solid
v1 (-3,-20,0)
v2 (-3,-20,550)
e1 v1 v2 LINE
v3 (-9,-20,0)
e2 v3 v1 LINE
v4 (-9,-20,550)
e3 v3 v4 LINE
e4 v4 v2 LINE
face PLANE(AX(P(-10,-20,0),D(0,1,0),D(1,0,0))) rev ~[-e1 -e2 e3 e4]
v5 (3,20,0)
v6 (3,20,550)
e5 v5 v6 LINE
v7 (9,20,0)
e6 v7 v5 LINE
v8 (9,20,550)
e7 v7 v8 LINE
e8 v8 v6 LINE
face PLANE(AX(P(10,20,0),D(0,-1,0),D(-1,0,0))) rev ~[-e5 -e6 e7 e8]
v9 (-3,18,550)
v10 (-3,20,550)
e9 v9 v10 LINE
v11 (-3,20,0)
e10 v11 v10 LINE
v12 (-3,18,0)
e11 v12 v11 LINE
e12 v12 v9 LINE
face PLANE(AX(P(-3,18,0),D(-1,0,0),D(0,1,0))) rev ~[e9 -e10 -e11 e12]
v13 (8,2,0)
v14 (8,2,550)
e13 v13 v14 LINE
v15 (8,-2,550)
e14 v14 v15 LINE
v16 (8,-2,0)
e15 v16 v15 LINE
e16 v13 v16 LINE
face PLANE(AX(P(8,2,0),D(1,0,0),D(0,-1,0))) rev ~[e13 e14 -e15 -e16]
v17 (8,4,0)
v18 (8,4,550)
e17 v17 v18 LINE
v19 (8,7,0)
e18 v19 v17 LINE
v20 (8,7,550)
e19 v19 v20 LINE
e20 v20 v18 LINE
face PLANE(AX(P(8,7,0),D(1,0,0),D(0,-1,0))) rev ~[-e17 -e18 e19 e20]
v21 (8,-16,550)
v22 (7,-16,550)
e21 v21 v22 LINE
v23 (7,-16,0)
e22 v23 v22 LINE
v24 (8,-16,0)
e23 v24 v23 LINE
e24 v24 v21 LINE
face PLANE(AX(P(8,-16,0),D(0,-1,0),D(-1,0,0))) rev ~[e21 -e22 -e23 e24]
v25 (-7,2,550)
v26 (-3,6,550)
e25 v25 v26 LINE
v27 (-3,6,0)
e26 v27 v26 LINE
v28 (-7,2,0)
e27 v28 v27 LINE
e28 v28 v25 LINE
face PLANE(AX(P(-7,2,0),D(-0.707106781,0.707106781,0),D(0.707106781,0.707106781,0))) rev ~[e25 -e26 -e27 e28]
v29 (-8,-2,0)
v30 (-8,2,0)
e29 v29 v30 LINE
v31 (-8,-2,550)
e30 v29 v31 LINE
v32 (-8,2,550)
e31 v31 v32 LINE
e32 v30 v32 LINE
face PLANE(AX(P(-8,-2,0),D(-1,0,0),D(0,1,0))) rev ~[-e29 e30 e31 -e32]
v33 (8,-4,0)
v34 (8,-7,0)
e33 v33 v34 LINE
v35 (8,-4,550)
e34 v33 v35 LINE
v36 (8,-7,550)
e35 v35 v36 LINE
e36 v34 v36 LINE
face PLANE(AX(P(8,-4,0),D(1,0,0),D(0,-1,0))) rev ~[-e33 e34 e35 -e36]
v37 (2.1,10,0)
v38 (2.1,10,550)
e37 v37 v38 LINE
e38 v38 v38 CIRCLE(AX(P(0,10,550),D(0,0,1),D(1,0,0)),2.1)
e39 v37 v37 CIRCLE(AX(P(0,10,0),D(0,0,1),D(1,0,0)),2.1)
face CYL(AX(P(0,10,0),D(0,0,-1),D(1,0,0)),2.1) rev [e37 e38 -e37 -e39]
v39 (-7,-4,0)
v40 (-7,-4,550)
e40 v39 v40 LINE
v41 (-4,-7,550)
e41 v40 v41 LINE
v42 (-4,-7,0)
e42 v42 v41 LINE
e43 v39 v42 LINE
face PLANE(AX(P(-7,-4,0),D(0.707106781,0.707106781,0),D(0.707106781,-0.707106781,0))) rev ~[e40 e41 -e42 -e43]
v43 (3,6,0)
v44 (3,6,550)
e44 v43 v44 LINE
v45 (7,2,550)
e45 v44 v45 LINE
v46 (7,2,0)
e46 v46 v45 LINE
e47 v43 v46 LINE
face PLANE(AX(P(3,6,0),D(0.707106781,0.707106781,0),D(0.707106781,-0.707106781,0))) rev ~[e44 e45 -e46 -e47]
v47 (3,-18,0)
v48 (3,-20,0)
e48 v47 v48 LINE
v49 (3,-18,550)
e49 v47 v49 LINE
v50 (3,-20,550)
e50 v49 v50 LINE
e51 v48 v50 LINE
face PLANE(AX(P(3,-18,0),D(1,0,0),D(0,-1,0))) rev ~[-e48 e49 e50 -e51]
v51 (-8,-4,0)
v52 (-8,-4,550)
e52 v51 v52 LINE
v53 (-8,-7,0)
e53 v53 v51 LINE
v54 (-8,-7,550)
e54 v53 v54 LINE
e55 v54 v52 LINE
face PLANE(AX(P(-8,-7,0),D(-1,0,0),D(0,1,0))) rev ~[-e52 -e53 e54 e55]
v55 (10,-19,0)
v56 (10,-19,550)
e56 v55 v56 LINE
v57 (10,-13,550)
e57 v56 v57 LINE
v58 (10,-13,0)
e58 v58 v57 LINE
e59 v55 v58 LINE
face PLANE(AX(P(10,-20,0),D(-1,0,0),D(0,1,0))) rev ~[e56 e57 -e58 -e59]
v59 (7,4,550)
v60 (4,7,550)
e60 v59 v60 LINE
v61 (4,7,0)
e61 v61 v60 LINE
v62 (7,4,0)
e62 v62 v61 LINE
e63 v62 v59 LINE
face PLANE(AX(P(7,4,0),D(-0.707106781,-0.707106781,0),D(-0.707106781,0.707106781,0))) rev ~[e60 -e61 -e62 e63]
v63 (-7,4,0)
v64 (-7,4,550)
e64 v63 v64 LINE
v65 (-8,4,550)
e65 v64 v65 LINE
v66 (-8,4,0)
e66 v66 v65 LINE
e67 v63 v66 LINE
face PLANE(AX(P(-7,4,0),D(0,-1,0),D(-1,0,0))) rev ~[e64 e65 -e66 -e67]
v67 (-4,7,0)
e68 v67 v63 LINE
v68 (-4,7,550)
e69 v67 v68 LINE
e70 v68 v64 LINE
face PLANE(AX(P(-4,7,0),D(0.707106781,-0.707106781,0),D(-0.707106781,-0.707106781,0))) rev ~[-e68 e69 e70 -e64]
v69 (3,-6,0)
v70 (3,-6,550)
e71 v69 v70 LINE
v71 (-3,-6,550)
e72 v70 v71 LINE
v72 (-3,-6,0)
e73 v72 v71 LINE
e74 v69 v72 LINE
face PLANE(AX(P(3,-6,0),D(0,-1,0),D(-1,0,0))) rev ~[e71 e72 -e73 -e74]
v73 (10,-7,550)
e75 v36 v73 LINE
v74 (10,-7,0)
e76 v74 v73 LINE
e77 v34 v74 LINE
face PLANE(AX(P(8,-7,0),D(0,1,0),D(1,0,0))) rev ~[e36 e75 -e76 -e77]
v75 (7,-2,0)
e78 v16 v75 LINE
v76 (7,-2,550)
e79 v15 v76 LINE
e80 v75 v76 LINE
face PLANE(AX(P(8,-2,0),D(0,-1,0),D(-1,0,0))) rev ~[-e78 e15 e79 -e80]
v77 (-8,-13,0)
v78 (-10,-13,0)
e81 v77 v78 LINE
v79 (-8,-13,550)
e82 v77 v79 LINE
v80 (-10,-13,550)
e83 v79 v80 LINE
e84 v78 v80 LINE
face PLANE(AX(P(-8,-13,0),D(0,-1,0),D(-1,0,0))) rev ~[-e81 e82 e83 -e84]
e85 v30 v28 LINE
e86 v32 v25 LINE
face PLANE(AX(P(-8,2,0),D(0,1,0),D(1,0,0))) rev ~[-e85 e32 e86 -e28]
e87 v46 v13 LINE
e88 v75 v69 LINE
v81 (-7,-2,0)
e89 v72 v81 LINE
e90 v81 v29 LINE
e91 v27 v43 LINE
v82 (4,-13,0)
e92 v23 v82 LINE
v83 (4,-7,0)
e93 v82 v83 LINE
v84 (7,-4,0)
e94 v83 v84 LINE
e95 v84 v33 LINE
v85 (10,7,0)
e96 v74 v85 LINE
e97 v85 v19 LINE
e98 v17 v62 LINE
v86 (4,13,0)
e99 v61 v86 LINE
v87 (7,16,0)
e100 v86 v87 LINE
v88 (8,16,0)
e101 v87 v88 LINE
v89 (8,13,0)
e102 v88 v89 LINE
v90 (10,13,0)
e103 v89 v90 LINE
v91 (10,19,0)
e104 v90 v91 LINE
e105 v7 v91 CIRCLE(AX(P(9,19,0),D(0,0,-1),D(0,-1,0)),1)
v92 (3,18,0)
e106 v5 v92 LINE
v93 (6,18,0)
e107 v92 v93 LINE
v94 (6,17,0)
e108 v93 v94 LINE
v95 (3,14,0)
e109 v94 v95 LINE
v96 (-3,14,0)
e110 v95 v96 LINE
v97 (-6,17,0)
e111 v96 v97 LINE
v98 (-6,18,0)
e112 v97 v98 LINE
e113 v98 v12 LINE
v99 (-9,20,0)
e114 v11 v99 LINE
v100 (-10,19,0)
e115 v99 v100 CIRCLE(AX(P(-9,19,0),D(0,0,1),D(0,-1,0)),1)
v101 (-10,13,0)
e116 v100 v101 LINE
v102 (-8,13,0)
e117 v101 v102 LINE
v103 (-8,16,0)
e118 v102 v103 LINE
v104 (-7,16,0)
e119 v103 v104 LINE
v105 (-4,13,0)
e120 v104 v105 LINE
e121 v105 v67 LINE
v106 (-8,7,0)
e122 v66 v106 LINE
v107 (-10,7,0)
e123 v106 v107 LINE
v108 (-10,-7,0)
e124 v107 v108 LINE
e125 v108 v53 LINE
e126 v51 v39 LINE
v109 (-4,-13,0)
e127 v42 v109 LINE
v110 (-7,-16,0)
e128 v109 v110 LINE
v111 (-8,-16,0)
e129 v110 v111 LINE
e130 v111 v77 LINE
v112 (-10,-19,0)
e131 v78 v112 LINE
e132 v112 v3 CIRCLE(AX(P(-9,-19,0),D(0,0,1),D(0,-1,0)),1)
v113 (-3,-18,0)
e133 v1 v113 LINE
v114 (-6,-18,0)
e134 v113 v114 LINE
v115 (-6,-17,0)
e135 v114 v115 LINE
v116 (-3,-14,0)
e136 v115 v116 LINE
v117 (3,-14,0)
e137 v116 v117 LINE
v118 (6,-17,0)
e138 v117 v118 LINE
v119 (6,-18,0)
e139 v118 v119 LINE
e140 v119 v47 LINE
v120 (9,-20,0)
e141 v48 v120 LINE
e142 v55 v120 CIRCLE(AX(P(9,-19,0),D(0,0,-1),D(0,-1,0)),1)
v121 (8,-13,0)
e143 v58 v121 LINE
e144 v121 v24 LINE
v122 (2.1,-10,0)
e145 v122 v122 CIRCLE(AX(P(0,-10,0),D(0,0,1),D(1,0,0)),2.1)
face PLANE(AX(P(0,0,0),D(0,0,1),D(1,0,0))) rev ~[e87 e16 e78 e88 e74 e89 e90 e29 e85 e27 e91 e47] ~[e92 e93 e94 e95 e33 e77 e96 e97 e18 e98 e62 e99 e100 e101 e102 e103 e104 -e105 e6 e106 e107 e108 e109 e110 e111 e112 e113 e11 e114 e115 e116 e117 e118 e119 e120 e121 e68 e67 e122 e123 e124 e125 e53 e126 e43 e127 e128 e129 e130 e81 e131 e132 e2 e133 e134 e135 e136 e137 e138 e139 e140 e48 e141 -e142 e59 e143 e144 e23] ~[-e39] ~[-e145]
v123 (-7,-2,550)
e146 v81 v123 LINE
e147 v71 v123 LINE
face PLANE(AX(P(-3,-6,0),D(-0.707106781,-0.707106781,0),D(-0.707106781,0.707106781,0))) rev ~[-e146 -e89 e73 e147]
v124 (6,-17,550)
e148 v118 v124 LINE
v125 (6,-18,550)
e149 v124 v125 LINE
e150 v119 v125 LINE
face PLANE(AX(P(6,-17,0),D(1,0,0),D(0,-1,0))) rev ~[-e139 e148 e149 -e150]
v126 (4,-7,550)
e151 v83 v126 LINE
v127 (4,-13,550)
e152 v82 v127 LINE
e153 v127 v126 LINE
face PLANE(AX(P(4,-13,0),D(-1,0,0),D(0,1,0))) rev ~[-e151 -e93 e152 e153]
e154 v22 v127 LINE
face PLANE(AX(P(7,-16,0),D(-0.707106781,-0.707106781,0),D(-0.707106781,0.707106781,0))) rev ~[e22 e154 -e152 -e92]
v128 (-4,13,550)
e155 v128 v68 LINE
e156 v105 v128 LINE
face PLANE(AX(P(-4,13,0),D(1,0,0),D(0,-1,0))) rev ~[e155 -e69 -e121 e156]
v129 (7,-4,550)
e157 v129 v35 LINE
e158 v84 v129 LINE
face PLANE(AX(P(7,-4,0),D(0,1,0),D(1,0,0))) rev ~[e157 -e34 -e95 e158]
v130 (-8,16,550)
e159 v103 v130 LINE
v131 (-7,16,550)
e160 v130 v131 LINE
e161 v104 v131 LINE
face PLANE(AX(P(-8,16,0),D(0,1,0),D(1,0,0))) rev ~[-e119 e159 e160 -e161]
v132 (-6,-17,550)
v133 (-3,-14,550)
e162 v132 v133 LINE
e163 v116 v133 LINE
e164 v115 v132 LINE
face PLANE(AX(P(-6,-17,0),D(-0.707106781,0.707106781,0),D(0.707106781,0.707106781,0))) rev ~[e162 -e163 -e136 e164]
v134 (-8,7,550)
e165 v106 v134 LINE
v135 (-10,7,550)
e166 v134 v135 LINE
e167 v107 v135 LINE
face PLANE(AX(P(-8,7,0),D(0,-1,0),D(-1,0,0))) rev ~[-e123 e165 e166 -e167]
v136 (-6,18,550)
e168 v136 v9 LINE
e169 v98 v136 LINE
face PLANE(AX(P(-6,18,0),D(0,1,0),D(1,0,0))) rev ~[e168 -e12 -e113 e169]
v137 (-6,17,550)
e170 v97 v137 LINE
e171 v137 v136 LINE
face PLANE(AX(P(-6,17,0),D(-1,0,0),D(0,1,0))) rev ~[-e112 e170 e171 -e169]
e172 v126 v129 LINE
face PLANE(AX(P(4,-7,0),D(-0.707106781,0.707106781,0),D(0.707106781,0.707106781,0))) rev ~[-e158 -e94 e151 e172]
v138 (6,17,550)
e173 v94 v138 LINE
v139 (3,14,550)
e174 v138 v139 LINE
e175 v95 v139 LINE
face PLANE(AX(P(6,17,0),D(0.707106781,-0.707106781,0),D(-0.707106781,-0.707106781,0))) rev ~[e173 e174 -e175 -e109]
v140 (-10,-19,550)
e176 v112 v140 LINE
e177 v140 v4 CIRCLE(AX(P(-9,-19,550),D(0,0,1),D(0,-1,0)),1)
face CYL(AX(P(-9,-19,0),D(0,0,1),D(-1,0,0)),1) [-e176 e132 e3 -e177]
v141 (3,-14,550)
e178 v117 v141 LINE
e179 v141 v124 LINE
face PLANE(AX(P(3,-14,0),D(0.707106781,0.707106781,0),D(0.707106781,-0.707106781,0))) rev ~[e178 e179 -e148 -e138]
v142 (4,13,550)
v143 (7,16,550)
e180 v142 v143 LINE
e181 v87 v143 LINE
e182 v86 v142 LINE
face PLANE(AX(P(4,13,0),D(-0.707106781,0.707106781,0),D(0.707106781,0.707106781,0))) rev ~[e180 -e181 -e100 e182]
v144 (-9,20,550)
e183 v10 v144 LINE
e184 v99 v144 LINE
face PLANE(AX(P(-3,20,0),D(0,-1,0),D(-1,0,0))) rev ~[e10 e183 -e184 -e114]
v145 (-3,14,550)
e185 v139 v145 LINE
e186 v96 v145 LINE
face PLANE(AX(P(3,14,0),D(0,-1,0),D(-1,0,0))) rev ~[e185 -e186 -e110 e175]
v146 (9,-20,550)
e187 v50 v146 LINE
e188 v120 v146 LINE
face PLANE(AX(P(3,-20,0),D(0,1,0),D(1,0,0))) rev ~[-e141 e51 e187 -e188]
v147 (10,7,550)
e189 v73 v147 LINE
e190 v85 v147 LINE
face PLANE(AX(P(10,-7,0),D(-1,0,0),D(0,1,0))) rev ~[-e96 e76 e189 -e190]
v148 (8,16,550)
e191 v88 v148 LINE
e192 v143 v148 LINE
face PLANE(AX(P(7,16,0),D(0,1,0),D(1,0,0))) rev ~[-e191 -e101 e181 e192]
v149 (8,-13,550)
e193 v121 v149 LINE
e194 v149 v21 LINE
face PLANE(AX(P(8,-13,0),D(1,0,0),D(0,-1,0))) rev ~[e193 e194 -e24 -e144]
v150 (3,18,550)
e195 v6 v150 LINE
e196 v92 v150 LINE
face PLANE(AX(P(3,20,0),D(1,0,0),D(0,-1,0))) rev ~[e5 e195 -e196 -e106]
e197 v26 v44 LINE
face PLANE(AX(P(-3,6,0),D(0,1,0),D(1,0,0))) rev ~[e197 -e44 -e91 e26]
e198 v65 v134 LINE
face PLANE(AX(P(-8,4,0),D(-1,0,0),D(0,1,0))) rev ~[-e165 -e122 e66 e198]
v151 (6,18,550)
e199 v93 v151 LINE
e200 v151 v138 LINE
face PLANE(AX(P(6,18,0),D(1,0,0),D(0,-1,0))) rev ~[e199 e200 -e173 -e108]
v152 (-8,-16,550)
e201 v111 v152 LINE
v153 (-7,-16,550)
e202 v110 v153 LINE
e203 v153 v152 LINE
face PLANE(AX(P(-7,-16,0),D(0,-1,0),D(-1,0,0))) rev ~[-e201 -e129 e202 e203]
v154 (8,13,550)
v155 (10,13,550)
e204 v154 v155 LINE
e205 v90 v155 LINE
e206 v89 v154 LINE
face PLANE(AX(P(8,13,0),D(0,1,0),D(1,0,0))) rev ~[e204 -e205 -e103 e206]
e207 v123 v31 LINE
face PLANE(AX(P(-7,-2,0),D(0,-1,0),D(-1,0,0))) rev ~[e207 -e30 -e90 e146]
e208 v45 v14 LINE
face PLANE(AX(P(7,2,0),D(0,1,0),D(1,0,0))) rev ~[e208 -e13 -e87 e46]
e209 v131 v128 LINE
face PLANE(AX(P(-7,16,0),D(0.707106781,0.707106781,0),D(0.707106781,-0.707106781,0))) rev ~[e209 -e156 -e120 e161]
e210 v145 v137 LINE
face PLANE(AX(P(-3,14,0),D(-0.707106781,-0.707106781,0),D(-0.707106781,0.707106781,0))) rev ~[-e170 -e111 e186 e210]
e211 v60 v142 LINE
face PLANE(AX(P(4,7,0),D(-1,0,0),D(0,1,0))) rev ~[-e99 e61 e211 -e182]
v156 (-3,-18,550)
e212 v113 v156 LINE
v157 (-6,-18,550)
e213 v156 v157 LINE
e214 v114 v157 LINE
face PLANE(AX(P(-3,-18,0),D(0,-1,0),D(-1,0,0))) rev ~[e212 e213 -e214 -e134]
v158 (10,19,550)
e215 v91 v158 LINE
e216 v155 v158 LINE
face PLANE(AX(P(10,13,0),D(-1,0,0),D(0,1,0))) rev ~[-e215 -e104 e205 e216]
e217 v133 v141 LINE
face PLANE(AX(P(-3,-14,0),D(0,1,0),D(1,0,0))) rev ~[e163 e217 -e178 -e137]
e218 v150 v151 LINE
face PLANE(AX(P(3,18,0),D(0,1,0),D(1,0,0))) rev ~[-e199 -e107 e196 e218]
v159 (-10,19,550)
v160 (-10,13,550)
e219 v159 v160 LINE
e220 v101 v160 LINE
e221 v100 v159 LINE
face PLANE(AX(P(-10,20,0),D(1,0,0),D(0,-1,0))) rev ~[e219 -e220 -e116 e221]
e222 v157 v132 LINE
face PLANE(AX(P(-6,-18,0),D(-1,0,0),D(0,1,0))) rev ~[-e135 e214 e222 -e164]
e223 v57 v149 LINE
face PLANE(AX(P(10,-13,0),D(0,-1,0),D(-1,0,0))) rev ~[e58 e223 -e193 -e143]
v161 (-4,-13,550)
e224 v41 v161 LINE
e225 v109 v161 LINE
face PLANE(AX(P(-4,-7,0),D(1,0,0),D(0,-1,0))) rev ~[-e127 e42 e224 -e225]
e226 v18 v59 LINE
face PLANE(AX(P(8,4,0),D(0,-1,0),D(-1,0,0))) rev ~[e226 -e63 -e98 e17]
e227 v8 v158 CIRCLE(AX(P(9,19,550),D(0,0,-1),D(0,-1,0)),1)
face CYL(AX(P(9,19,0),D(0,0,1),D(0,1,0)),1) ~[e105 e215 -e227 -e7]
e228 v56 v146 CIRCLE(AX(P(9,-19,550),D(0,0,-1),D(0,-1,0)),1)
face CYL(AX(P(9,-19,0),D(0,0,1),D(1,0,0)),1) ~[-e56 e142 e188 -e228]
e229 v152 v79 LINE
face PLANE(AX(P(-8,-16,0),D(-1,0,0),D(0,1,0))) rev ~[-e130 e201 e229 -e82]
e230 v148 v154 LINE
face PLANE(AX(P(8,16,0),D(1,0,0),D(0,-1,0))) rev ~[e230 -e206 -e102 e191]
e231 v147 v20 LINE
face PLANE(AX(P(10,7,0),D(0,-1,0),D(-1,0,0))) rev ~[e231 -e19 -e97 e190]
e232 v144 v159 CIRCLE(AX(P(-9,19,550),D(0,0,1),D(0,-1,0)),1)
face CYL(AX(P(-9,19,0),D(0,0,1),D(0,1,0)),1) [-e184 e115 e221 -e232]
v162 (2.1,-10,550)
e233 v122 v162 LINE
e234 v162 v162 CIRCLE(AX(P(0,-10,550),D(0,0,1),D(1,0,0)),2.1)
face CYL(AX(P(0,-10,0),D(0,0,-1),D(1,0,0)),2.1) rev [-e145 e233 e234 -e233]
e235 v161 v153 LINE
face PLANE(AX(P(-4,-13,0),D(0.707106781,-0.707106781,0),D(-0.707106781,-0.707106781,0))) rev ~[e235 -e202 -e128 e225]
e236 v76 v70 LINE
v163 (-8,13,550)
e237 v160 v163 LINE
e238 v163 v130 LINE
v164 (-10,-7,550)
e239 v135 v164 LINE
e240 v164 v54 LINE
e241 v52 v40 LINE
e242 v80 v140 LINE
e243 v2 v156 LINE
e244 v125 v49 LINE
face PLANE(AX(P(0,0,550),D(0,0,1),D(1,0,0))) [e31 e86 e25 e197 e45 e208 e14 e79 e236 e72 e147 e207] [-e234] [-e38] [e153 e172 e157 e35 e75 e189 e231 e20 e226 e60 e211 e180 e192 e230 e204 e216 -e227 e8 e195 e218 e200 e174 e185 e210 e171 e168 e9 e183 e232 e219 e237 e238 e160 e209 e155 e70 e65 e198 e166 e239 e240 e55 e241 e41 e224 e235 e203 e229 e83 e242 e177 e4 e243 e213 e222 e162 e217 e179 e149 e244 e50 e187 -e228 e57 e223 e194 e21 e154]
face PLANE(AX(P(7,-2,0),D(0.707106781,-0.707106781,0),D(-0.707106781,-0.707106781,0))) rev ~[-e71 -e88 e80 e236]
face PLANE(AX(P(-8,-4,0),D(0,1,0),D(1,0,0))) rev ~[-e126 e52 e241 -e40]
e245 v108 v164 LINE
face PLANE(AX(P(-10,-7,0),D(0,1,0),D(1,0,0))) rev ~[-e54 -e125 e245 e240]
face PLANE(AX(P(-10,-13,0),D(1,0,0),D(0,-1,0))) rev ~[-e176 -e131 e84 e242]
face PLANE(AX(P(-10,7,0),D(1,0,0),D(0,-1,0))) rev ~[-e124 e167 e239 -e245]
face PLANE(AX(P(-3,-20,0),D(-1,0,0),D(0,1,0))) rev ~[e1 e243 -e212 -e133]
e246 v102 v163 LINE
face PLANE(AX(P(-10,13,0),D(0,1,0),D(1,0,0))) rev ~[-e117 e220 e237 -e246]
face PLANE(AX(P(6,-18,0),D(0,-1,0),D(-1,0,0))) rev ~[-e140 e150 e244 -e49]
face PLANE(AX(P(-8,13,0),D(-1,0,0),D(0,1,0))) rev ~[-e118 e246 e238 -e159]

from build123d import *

# Parameters (mm, degrees)
SCHIZZO1_R                   = 2.1
ESTRUSIONE_ESTRUSIONE1_DEPTH = 550
RACCORDO1_R                  = 1


with BuildPart() as part:
    # Schizzo1 → Estrusione-Estrusione1 (new body)
    with BuildSketch(Plane.XY):
        Polygon((-3, 20), (-10, 20), (-10, 13), (-8, 13), (-8, 16), (-7, 16), (-4, 13), (-4, 7), (-7, 4), (-8, 4), (-8, 7), (-10, 7), (-10, -7), (-8, -7), (-8, -4), (-7, -4), (-4, -7), (-4, -13), (-7, -16), (-8, -16), (-8, -13), (-10, -13), (-10, -20), (-3, -20), (-3, -18), (-6, -18), (-6, -17), (-3, -14), (3, -14), (6, -17), (6, -18), (3, -18), (3, -20), (10, -20), (10, -13), (8, -13), (8, -16), (7, -16), (4, -13), (4, -7), (7, -4), (8, -4), (8, -7), (10, -7), (10, 7), (8, 7), (8, 4), (7, 4), (4, 7), (4, 13), (7, 16), (8, 16), (8, 13), (10, 13), (10, 20), (3, 20), (3, 18), (6, 18), (6, 17), (3, 14), (-3, 14), (-6, 17), (-6, 18), (-3, 18), align=None)
        Polygon((8, 2), (8, -2), (7, -2), (3, -6), (-3, -6), (-7, -2), (-8, -2), (-8, 2), (-7, 2), (-3, 6), (3, 6), (7, 2), align=None, mode=Mode.SUBTRACT)
        with Locations((0, 10)):
            Circle(SCHIZZO1_R, mode=Mode.SUBTRACT)
        with Locations((0, -10)):
            Circle(SCHIZZO1_R, mode=Mode.SUBTRACT)
    extrude(amount=ESTRUSIONE_ESTRUSIONE1_DEPTH)

    # Raccordo1
    raccordo1_edges = [part.edges().sort_by_distance(p)[0] for p in [
        (-10, 20, 275),
        (10, 20, 275),
        (10, -20, 275),
        (-10, -20, 275),
    ]]
    fillet(raccordo1_edges, radius=RACCORDO1_R)


solid = part.part
